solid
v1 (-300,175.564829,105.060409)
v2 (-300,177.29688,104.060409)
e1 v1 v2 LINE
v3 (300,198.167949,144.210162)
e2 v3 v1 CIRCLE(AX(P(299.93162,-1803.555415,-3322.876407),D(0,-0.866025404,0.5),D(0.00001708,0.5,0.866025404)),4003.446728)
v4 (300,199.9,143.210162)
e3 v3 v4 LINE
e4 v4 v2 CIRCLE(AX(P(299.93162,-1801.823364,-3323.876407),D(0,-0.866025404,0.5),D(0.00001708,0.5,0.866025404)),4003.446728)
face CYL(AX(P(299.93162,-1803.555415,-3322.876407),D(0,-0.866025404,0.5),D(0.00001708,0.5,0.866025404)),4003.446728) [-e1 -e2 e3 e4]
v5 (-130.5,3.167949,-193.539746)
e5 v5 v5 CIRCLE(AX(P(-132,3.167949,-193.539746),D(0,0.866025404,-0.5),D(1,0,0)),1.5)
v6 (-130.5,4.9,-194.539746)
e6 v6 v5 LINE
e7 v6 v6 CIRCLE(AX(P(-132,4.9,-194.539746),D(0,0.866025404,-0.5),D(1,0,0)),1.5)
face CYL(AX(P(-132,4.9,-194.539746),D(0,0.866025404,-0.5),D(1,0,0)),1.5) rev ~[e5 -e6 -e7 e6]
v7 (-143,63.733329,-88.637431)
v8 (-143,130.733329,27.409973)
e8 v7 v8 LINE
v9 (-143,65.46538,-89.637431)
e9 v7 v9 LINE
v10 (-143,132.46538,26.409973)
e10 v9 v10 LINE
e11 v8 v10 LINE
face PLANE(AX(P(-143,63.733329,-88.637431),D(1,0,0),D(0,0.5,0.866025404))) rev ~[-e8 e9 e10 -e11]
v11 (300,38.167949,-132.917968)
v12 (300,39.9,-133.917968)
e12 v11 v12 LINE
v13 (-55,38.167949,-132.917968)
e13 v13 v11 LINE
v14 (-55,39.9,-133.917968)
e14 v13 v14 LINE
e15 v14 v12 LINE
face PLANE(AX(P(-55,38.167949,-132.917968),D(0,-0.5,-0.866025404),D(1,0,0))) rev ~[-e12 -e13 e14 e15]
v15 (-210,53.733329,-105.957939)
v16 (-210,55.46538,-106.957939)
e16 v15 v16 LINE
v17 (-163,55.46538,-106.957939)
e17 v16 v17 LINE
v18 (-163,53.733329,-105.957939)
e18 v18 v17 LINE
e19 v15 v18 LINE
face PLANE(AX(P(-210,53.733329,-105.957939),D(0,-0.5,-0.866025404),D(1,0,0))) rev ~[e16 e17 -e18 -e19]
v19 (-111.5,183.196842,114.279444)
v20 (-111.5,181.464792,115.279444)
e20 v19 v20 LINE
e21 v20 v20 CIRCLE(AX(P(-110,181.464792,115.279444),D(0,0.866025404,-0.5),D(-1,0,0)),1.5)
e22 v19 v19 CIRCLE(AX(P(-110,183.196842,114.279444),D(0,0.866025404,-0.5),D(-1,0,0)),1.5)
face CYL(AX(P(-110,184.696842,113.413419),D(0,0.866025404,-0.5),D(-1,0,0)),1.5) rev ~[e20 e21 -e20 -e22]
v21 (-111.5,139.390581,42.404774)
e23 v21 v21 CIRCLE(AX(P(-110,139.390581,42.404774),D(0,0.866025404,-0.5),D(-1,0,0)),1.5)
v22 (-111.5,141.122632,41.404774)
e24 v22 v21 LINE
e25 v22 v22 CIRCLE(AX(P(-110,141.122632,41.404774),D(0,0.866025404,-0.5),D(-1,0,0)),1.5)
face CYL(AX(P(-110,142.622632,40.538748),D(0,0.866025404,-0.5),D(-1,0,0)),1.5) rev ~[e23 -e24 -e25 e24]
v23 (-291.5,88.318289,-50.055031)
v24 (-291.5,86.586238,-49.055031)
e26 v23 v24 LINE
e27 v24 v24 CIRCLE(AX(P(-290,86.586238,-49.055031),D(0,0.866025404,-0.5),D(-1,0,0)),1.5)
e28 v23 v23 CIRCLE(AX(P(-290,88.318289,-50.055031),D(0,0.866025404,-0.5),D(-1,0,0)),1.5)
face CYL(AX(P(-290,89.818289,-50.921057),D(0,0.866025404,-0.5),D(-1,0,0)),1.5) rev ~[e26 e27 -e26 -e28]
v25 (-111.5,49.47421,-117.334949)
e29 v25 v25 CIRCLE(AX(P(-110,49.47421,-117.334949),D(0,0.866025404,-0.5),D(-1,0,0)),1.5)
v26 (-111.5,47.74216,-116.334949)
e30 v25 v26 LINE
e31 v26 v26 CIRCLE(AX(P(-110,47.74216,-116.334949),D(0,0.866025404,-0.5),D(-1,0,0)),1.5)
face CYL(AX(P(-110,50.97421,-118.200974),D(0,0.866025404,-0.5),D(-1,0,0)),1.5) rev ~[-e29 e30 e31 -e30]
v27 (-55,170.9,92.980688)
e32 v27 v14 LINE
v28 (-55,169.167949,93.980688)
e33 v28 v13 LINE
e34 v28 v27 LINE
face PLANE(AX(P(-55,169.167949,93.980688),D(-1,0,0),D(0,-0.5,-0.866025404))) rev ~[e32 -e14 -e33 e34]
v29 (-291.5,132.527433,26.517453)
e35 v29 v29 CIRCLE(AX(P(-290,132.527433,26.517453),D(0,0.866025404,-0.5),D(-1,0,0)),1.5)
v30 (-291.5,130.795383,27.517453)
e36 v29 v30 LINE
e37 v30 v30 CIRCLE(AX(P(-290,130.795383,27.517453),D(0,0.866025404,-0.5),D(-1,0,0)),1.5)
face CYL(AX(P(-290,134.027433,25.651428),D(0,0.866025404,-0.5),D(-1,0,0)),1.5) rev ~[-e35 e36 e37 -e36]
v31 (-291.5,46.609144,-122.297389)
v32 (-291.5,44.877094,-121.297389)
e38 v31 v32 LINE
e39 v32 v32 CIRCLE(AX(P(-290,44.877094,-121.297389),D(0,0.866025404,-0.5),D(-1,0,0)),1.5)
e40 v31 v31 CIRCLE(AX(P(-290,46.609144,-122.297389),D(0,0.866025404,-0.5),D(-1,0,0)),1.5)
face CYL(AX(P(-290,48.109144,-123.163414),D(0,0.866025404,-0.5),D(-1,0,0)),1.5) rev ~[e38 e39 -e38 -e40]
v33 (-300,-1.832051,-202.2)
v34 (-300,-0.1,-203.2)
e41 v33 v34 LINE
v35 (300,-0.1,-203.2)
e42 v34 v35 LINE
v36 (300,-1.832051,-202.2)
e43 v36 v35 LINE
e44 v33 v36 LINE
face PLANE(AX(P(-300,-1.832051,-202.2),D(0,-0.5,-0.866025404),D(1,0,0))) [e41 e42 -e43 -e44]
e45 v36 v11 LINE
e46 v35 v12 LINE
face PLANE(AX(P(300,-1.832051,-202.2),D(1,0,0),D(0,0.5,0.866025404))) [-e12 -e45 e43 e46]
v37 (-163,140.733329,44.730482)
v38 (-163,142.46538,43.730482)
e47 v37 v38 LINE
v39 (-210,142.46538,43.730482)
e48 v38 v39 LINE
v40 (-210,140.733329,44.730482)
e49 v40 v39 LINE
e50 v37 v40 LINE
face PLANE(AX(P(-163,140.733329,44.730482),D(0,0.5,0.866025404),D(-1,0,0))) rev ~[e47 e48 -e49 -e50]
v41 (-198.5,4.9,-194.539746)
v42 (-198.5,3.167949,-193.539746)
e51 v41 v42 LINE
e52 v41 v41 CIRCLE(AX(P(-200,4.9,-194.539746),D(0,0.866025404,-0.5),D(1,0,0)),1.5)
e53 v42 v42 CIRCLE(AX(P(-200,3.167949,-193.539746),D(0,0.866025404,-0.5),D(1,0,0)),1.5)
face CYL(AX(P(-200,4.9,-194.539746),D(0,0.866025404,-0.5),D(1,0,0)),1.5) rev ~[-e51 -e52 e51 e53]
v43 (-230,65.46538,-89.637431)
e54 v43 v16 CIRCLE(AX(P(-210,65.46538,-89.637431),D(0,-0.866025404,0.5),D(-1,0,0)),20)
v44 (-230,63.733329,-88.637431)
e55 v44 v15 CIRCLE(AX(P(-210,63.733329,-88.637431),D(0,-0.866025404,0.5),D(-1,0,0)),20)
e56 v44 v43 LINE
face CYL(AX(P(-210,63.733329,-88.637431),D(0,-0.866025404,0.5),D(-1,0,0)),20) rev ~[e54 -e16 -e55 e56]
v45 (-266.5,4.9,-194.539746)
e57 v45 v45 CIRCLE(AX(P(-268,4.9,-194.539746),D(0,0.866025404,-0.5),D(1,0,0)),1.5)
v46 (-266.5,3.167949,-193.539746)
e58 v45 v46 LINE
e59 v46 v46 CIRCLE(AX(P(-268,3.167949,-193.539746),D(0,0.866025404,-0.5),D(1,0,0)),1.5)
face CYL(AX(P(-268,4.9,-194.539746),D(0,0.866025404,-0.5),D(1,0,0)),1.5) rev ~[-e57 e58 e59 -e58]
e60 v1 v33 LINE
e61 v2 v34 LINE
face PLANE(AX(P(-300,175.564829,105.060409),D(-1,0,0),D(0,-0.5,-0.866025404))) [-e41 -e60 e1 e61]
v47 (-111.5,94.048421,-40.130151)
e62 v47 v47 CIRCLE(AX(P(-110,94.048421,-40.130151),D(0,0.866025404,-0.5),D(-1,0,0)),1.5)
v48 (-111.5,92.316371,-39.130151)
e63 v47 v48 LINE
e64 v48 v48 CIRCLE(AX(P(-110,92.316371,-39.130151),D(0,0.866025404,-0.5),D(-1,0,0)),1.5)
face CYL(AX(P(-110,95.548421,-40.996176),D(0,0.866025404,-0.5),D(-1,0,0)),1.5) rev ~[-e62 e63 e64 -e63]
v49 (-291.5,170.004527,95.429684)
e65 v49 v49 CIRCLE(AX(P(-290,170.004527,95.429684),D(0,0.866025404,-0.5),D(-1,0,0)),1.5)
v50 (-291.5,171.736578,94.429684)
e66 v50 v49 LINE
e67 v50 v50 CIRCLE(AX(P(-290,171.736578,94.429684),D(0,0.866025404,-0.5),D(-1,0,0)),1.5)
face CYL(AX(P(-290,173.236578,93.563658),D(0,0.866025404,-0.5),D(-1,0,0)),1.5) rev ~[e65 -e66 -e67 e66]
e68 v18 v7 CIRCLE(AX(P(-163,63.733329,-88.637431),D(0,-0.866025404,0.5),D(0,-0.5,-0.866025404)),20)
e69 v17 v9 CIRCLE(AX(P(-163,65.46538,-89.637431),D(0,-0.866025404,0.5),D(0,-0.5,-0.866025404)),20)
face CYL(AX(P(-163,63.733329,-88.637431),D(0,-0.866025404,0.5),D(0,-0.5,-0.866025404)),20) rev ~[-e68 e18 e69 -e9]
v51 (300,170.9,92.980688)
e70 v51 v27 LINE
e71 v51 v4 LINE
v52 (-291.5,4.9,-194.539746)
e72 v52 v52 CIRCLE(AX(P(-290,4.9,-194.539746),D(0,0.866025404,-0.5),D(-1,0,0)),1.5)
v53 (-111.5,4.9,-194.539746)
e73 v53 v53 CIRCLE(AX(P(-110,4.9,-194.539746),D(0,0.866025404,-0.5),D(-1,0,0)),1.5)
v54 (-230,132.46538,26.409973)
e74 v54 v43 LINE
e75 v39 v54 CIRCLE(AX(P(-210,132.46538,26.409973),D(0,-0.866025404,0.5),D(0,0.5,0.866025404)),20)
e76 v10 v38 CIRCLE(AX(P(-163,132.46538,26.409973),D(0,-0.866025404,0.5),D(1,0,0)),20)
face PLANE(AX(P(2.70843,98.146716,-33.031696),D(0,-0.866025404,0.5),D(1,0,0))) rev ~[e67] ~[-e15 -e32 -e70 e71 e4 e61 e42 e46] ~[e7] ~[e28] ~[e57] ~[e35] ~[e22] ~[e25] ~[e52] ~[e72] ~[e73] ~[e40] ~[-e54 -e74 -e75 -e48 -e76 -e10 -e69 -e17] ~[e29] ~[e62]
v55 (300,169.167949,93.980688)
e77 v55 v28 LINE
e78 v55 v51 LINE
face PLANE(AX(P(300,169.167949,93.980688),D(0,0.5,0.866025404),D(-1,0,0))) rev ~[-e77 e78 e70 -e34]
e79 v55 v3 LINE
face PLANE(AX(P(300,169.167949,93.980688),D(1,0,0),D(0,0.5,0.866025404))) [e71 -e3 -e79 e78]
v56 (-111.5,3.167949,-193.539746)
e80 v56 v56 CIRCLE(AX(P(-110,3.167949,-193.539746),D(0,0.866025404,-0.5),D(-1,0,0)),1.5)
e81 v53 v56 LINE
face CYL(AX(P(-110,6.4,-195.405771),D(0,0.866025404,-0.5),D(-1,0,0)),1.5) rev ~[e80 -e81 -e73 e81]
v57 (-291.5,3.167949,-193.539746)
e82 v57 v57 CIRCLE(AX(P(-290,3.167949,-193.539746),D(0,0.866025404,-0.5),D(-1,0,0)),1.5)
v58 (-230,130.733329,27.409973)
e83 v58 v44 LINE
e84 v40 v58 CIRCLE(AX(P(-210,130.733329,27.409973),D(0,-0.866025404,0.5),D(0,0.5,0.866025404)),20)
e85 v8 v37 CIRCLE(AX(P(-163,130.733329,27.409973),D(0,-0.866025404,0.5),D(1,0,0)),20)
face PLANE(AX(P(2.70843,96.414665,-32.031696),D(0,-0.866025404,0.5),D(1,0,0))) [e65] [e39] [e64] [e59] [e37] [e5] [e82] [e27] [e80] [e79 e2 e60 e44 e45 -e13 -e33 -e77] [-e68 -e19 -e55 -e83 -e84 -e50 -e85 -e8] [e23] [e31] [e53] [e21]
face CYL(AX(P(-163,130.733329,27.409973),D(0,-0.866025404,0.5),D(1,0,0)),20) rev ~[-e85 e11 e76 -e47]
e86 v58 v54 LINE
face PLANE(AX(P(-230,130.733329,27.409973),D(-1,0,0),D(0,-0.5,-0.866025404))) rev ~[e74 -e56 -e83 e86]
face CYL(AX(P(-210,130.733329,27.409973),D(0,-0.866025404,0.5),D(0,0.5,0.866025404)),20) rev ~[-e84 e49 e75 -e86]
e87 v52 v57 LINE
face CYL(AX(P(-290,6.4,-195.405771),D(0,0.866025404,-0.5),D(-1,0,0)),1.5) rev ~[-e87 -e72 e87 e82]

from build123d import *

# Parameters (mm, degrees)
PAD003_DEPTH            = 2
SKETCH056_R             = 1.5
POCKET034_DEPTH         = 5
SKETCH063_R             = 1.5
POCKET039_DEPTH         = 5
BODY002_PLACEMENT_ANGLE = 330


with BuildPart() as part:
    # Sketch009 → Pad003 (new body)
    with BuildSketch(Plane.XZ):
        with BuildLine():
            Line((-300, -200), (300, -200))
            Line((300, -200), (300, -120))
            Line((-55, -120), (300, -120))
            Line((-55, 142), (-55, -120))
            Line((300, 142), (-55, 142))
            Line((300, 142), (300, 200))
            ThreePointArc((300, 200), (-0.8504900273, 188.6850121637), (-300, 154.7937598629))
            Line((-300, 154.7937598629), (-300, -200))
        make_face()
        with BuildLine():
            Line((-230, 65.1307599432), (-230, -68.8692400568))
            ThreePointArc((-230, -68.8692400568), (-224.1421356237, -83.0113756806), (-210, -88.8692400568))
            Line((-210, -88.8692400568), (-163, -88.8692400568))
            ThreePointArc((-163, -88.8692400568), (-148.8578643763, -83.0113756806), (-143, -68.8692400568))
            Line((-143, -68.8692400568), (-143, 65.1307599432))
            ThreePointArc((-143, 65.1307599432), (-148.8578643763, 79.2728955669), (-163, 85.1307599432))
            Line((-163, 85.1307599432), (-210, 85.1307599432))
            ThreePointArc((-210, 85.1307599432), (-224.1421356237, 79.2728955669), (-230, 65.1307599432))
        make_face(mode=Mode.SUBTRACT)
    extrude(amount=-PAD003_DEPTH)

    # Sketch056 (on Face2 of Binder014) → Pocket034 (cut)
    with BuildSketch(Plane(origin=(0, 3.7320508076, 0), x_dir=(-1, 0, 0), z_dir=(0, 1, 0))):
        with Locations((290, -190)):
            Circle(SKETCH056_R)
        with Locations((110, -190)):
            Circle(SKETCH056_R)
        with Locations((110, -100.851579)):
            Circle(SKETCH056_R)
        with Locations((110, -11.703157)):
            Circle(SKETCH056_R)
        with Locations((110, 82.445264)):
            Circle(SKETCH056_R)
        with Locations((110, 166.593685)):
            Circle(SKETCH056_R)
        with Locations((290, 143.673156)):
            Circle(SKETCH056_R)
        with Locations((290, 65.254867)):
            Circle(SKETCH056_R)
        with Locations((290, -23.163422)):
            Circle(SKETCH056_R)
        with Locations((290, -106.581711)):
            Circle(SKETCH056_R)
    extrude(amount=-POCKET034_DEPTH, mode=Mode.SUBTRACT)

    # Sketch063 (on Face5 of Pocket034) → Pocket039 (cut)
    with BuildSketch(Plane(origin=(0, 2, 0), x_dir=(1, 0, 0), z_dir=(0, 1, 0))):
        with Locations((-132, 190)):
            Circle(SKETCH063_R)
        with Locations((-200, 190)):
            Circle(SKETCH063_R)
        with Locations((-268, 190)):
            Circle(SKETCH063_R)
    extrude(amount=-POCKET039_DEPTH, mode=Mode.SUBTRACT)


with BuildPart() as part_1:
    # Body002 placement: moved
    add(part.part.moved(Location((0, 98.1679491924, -28.9949192431))).rotate(Axis((0, 98.1679491924, -28.9949192431), (1, 0, 0)), BODY002_PLACEMENT_ANGLE))


solid = part_1.part
